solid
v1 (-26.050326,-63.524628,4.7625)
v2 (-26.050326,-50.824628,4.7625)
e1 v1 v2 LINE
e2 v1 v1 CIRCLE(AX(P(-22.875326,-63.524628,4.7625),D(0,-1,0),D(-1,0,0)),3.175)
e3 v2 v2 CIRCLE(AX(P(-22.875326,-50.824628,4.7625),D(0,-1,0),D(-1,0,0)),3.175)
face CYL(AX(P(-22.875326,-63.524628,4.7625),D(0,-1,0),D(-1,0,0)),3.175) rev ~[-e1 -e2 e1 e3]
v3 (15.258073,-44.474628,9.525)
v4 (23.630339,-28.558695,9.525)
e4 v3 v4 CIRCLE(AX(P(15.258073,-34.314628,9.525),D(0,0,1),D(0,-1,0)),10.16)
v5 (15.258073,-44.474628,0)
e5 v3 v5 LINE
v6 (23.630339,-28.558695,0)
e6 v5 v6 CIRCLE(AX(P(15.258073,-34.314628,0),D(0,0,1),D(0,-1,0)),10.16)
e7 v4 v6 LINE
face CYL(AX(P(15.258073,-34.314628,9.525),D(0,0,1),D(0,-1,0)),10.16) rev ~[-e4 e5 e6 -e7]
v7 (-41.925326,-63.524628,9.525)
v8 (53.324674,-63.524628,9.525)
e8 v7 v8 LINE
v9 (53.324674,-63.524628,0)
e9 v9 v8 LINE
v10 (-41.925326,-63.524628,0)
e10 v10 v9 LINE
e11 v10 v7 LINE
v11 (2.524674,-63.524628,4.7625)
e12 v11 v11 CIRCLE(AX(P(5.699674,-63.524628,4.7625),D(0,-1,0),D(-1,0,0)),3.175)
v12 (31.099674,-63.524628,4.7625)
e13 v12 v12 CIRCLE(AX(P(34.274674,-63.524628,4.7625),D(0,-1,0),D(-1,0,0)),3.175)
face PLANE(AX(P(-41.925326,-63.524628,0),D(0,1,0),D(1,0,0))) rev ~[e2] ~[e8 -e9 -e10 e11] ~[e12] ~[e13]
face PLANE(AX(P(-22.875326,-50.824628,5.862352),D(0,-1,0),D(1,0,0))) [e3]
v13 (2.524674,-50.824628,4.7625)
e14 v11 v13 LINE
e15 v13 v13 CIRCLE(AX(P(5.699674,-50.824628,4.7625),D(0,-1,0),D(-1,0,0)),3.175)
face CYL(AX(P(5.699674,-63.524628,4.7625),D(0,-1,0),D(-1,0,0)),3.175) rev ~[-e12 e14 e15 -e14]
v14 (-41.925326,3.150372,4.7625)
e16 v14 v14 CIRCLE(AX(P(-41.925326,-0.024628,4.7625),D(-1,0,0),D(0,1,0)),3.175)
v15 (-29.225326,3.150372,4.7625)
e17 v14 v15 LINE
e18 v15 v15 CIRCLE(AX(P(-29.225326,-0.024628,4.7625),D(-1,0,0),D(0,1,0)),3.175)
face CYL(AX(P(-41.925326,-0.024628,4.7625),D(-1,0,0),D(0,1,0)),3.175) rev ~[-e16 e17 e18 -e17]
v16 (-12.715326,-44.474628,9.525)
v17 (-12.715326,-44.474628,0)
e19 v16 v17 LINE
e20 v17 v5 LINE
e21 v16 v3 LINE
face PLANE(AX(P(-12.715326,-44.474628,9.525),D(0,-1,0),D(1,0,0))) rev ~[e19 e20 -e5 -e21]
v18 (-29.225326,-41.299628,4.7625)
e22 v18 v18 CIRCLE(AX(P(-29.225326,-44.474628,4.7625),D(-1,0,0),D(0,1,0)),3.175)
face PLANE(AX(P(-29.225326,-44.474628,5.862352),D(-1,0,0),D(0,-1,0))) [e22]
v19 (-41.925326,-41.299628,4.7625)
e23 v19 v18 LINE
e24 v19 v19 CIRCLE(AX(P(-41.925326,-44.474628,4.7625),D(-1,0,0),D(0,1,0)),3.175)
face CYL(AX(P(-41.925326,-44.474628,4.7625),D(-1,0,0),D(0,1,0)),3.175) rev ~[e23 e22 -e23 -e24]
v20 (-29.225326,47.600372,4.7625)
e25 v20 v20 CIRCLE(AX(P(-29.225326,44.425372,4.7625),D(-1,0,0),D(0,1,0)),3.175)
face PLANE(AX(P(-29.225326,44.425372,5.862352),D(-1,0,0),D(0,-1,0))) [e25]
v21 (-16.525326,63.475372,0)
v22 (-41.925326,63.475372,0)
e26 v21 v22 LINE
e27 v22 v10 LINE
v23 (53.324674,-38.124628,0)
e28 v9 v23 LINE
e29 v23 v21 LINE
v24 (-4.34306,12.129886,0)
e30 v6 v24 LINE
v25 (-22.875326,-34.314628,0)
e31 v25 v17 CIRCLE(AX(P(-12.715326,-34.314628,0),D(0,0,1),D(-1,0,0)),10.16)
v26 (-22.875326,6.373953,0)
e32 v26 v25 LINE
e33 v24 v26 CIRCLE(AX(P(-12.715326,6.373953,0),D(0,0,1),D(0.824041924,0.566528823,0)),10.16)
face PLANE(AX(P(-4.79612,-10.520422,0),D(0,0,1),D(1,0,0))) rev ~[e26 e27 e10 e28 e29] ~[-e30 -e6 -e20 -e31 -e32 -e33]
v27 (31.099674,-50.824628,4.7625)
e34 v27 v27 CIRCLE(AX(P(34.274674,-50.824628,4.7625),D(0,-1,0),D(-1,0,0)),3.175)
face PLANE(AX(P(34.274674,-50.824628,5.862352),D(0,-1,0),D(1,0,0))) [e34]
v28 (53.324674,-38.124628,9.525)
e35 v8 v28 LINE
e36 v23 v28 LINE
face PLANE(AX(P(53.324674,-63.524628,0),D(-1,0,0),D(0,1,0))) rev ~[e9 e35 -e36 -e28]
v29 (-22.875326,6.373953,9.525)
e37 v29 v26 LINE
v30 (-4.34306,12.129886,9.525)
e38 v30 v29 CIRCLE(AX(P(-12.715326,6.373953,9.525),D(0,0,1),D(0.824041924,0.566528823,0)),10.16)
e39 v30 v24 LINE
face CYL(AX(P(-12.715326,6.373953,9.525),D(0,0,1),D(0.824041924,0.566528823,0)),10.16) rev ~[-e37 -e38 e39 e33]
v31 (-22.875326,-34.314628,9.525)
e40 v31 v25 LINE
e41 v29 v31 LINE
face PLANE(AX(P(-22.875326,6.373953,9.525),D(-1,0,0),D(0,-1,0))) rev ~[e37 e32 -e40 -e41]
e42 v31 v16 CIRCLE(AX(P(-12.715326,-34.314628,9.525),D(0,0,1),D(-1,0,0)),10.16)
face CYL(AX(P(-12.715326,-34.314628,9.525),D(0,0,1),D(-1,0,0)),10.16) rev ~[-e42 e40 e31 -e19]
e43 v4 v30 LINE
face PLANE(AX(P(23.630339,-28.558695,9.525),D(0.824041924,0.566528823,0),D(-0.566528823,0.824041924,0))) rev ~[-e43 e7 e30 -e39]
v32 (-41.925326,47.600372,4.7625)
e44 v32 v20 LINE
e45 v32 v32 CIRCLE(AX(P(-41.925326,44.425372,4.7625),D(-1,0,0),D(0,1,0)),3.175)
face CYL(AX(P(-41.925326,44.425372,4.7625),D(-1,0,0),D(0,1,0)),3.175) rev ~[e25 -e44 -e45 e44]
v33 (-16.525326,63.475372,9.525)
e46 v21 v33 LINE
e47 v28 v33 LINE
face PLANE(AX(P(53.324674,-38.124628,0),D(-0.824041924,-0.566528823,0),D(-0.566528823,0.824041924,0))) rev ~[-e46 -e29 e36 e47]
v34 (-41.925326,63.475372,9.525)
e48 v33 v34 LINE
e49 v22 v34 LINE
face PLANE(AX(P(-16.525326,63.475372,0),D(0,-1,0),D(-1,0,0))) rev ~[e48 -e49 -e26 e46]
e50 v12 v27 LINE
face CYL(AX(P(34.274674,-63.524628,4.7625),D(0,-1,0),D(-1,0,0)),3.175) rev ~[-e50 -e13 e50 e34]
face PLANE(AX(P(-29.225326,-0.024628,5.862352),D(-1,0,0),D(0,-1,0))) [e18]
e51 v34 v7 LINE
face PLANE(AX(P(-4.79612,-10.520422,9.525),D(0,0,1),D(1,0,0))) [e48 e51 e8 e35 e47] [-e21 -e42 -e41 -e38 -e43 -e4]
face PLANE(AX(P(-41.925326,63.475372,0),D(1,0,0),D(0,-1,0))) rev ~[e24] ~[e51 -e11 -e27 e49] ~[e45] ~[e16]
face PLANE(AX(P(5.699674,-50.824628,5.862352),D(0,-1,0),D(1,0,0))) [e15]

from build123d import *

# Parameters (mm, degrees)
F1_DEPTH = 9.525
F3_DEPTH = 9.526
F6_DEPTH = 12.7
F7_DEPTH = 12.7
F8_DEPTH = 12.7


with BuildPart() as f1:
    # F0 (on Top) → F1 (new body)
    with BuildSketch(Plane.XY):
        Polygon((-16.5253259897, 63.4753721058), (-41.9253259897, 63.4753721058), (-41.9253259897, -63.5246278942), (53.3246740103, -63.5246278942), (53.3246740103, -38.1246278942), align=None)
    extrude(amount=F1_DEPTH)

    # F2 (on face) → F3 (cut, through all)
    with BuildSketch(Plane.XY.offset(9.525)):
        with BuildLine():
            ThreePointArc((-4.3430600399, 12.1298858759), (-15.7289100643, 16.0767315562), (-22.8753259897, 6.3739530353))
            Line((-22.8753259897, 6.3739530353), (-22.8753259897, -34.3146278942))
            ThreePointArc((-22.8753259897, -34.3146278942), (-19.8995308866, -41.498832791), (-12.7153259897, -44.4746278942))
            Line((-12.7153259897, -44.4746278942), (15.2580733993, -44.4746278942))
            ThreePointArc((15.2580733993, -44.4746278942), (24.2498996226, -39.0446026478), (23.6303393492, -28.5586950536))
            Line((23.6303393492, -28.5586950536), (-4.3430600399, 12.1298858759))
        make_face()
    extrude(amount=-F3_DEPTH, mode=Mode.SUBTRACT)

    # F5 (on face) → F6 (cut)
    with BuildSketch(Plane(origin=(-41.9253259897, 0, 0), x_dir=(0, -1, 0), z_dir=(-1, 0, 0))):
        with BuildLine():
            ThreePointArc((-41.2503721058, 4.7625), (-44.4253721058, 7.9375), (-47.6003721058, 4.7625))
            Line((-47.6003721058, 4.7625), (-41.2503721058, 4.7625))
        make_face()
        with BuildLine():
            ThreePointArc((47.6496278942, 4.7625), (44.4746278942, 7.9375), (41.2996278942, 4.7625))
            Line((41.2996278942, 4.7625), (47.6496278942, 4.7625))
        make_face()
        with BuildLine():
            Line((47.6496278942, 4.7625), (41.2996278942, 4.7625))
            ThreePointArc((41.2996278942, 4.7625), (44.4746278942, 1.5875), (47.6496278942, 4.7625))
        make_face()
        with BuildLine():
            ThreePointArc((3.1996278942, 4.7625), (0.0246278942, 7.9375), (-3.1503721058, 4.7625))
            Line((-3.1503721058, 4.7625), (3.1996278942, 4.7625))
        make_face()
        with BuildLine():
            Line((3.1996278942, 4.7625), (-3.1503721058, 4.7625))
            ThreePointArc((-3.1503721058, 4.7625), (0.0246278942, 1.5875), (3.1996278942, 4.7625))
        make_face()
        with BuildLine():
            Line((-41.2503721058, 4.7625), (-47.6003721058, 4.7625))
            ThreePointArc((-47.6003721058, 4.7625), (-44.4253721058, 1.5875), (-41.2503721058, 4.7625))
        make_face()
    extrude(amount=-F6_DEPTH, mode=Mode.SUBTRACT)

    # F4 (on face) → F7 (cut)
    with BuildSketch(Plane.XZ.offset(63.5246278942)):
        with BuildLine():
            ThreePointArc((-19.7003259897, 4.7625), (-22.8753259897, 7.9375), (-26.0503259897, 4.7625))
            Line((-26.0503259897, 4.7625), (-19.7003259897, 4.7625))
        make_face()
        with BuildLine():
            ThreePointArc((37.4496740103, 4.7625), (34.2746740103, 7.9375), (31.0996740103, 4.7625))
            Line((31.0996740103, 4.7625), (37.4496740103, 4.7625))
        make_face()
        with BuildLine():
            Line((37.4496740103, 4.7625), (31.0996740103, 4.7625))
            ThreePointArc((31.0996740103, 4.7625), (34.2746740103, 1.5875), (37.4496740103, 4.7625))
        make_face()
        with BuildLine():
            ThreePointArc((8.8746740103, 4.7625), (5.6996740103, 7.9375), (2.5246740103, 4.7625))
            Line((2.5246740103, 4.7625), (8.8746740103, 4.7625))
        make_face()
        with BuildLine():
            Line((8.8746740103, 4.7625), (2.5246740103, 4.7625))
            ThreePointArc((2.5246740103, 4.7625), (5.6996740103, 1.5875), (8.8746740103, 4.7625))
        make_face()
        with BuildLine():
            Line((-19.7003259897, 4.7625), (-26.0503259897, 4.7625))
            ThreePointArc((-26.0503259897, 4.7625), (-22.8753259897, 1.5875), (-19.7003259897, 4.7625))
        make_face()
    extrude(amount=-F7_DEPTH, mode=Mode.SUBTRACT)

    # F4 (on face) → F8 (cut)
    with BuildSketch(Plane.XZ.offset(63.5246278942)):
        with BuildLine():
            ThreePointArc((-19.7003259897, 4.7625), (-22.8753259897, 7.9375), (-26.0503259897, 4.7625))
            Line((-26.0503259897, 4.7625), (-19.7003259897, 4.7625))
        make_face()
        with BuildLine():
            ThreePointArc((37.4496740103, 4.7625), (34.2746740103, 7.9375), (31.0996740103, 4.7625))
            Line((31.0996740103, 4.7625), (37.4496740103, 4.7625))
        make_face()
        with BuildLine():
            Line((37.4496740103, 4.7625), (31.0996740103, 4.7625))
            ThreePointArc((31.0996740103, 4.7625), (34.2746740103, 1.5875), (37.4496740103, 4.7625))
        make_face()
        with BuildLine():
            ThreePointArc((8.8746740103, 4.7625), (5.6996740103, 7.9375), (2.5246740103, 4.7625))
            Line((2.5246740103, 4.7625), (8.8746740103, 4.7625))
        make_face()
        with BuildLine():
            Line((8.8746740103, 4.7625), (2.5246740103, 4.7625))
            ThreePointArc((2.5246740103, 4.7625), (5.6996740103, 1.5875), (8.8746740103, 4.7625))
        make_face()
        with BuildLine():
            Line((-19.7003259897, 4.7625), (-26.0503259897, 4.7625))
            ThreePointArc((-26.0503259897, 4.7625), (-22.8753259897, 1.5875), (-19.7003259897, 4.7625))
        make_face()
    extrude(amount=-F8_DEPTH, mode=Mode.SUBTRACT)


solid = f1.part
